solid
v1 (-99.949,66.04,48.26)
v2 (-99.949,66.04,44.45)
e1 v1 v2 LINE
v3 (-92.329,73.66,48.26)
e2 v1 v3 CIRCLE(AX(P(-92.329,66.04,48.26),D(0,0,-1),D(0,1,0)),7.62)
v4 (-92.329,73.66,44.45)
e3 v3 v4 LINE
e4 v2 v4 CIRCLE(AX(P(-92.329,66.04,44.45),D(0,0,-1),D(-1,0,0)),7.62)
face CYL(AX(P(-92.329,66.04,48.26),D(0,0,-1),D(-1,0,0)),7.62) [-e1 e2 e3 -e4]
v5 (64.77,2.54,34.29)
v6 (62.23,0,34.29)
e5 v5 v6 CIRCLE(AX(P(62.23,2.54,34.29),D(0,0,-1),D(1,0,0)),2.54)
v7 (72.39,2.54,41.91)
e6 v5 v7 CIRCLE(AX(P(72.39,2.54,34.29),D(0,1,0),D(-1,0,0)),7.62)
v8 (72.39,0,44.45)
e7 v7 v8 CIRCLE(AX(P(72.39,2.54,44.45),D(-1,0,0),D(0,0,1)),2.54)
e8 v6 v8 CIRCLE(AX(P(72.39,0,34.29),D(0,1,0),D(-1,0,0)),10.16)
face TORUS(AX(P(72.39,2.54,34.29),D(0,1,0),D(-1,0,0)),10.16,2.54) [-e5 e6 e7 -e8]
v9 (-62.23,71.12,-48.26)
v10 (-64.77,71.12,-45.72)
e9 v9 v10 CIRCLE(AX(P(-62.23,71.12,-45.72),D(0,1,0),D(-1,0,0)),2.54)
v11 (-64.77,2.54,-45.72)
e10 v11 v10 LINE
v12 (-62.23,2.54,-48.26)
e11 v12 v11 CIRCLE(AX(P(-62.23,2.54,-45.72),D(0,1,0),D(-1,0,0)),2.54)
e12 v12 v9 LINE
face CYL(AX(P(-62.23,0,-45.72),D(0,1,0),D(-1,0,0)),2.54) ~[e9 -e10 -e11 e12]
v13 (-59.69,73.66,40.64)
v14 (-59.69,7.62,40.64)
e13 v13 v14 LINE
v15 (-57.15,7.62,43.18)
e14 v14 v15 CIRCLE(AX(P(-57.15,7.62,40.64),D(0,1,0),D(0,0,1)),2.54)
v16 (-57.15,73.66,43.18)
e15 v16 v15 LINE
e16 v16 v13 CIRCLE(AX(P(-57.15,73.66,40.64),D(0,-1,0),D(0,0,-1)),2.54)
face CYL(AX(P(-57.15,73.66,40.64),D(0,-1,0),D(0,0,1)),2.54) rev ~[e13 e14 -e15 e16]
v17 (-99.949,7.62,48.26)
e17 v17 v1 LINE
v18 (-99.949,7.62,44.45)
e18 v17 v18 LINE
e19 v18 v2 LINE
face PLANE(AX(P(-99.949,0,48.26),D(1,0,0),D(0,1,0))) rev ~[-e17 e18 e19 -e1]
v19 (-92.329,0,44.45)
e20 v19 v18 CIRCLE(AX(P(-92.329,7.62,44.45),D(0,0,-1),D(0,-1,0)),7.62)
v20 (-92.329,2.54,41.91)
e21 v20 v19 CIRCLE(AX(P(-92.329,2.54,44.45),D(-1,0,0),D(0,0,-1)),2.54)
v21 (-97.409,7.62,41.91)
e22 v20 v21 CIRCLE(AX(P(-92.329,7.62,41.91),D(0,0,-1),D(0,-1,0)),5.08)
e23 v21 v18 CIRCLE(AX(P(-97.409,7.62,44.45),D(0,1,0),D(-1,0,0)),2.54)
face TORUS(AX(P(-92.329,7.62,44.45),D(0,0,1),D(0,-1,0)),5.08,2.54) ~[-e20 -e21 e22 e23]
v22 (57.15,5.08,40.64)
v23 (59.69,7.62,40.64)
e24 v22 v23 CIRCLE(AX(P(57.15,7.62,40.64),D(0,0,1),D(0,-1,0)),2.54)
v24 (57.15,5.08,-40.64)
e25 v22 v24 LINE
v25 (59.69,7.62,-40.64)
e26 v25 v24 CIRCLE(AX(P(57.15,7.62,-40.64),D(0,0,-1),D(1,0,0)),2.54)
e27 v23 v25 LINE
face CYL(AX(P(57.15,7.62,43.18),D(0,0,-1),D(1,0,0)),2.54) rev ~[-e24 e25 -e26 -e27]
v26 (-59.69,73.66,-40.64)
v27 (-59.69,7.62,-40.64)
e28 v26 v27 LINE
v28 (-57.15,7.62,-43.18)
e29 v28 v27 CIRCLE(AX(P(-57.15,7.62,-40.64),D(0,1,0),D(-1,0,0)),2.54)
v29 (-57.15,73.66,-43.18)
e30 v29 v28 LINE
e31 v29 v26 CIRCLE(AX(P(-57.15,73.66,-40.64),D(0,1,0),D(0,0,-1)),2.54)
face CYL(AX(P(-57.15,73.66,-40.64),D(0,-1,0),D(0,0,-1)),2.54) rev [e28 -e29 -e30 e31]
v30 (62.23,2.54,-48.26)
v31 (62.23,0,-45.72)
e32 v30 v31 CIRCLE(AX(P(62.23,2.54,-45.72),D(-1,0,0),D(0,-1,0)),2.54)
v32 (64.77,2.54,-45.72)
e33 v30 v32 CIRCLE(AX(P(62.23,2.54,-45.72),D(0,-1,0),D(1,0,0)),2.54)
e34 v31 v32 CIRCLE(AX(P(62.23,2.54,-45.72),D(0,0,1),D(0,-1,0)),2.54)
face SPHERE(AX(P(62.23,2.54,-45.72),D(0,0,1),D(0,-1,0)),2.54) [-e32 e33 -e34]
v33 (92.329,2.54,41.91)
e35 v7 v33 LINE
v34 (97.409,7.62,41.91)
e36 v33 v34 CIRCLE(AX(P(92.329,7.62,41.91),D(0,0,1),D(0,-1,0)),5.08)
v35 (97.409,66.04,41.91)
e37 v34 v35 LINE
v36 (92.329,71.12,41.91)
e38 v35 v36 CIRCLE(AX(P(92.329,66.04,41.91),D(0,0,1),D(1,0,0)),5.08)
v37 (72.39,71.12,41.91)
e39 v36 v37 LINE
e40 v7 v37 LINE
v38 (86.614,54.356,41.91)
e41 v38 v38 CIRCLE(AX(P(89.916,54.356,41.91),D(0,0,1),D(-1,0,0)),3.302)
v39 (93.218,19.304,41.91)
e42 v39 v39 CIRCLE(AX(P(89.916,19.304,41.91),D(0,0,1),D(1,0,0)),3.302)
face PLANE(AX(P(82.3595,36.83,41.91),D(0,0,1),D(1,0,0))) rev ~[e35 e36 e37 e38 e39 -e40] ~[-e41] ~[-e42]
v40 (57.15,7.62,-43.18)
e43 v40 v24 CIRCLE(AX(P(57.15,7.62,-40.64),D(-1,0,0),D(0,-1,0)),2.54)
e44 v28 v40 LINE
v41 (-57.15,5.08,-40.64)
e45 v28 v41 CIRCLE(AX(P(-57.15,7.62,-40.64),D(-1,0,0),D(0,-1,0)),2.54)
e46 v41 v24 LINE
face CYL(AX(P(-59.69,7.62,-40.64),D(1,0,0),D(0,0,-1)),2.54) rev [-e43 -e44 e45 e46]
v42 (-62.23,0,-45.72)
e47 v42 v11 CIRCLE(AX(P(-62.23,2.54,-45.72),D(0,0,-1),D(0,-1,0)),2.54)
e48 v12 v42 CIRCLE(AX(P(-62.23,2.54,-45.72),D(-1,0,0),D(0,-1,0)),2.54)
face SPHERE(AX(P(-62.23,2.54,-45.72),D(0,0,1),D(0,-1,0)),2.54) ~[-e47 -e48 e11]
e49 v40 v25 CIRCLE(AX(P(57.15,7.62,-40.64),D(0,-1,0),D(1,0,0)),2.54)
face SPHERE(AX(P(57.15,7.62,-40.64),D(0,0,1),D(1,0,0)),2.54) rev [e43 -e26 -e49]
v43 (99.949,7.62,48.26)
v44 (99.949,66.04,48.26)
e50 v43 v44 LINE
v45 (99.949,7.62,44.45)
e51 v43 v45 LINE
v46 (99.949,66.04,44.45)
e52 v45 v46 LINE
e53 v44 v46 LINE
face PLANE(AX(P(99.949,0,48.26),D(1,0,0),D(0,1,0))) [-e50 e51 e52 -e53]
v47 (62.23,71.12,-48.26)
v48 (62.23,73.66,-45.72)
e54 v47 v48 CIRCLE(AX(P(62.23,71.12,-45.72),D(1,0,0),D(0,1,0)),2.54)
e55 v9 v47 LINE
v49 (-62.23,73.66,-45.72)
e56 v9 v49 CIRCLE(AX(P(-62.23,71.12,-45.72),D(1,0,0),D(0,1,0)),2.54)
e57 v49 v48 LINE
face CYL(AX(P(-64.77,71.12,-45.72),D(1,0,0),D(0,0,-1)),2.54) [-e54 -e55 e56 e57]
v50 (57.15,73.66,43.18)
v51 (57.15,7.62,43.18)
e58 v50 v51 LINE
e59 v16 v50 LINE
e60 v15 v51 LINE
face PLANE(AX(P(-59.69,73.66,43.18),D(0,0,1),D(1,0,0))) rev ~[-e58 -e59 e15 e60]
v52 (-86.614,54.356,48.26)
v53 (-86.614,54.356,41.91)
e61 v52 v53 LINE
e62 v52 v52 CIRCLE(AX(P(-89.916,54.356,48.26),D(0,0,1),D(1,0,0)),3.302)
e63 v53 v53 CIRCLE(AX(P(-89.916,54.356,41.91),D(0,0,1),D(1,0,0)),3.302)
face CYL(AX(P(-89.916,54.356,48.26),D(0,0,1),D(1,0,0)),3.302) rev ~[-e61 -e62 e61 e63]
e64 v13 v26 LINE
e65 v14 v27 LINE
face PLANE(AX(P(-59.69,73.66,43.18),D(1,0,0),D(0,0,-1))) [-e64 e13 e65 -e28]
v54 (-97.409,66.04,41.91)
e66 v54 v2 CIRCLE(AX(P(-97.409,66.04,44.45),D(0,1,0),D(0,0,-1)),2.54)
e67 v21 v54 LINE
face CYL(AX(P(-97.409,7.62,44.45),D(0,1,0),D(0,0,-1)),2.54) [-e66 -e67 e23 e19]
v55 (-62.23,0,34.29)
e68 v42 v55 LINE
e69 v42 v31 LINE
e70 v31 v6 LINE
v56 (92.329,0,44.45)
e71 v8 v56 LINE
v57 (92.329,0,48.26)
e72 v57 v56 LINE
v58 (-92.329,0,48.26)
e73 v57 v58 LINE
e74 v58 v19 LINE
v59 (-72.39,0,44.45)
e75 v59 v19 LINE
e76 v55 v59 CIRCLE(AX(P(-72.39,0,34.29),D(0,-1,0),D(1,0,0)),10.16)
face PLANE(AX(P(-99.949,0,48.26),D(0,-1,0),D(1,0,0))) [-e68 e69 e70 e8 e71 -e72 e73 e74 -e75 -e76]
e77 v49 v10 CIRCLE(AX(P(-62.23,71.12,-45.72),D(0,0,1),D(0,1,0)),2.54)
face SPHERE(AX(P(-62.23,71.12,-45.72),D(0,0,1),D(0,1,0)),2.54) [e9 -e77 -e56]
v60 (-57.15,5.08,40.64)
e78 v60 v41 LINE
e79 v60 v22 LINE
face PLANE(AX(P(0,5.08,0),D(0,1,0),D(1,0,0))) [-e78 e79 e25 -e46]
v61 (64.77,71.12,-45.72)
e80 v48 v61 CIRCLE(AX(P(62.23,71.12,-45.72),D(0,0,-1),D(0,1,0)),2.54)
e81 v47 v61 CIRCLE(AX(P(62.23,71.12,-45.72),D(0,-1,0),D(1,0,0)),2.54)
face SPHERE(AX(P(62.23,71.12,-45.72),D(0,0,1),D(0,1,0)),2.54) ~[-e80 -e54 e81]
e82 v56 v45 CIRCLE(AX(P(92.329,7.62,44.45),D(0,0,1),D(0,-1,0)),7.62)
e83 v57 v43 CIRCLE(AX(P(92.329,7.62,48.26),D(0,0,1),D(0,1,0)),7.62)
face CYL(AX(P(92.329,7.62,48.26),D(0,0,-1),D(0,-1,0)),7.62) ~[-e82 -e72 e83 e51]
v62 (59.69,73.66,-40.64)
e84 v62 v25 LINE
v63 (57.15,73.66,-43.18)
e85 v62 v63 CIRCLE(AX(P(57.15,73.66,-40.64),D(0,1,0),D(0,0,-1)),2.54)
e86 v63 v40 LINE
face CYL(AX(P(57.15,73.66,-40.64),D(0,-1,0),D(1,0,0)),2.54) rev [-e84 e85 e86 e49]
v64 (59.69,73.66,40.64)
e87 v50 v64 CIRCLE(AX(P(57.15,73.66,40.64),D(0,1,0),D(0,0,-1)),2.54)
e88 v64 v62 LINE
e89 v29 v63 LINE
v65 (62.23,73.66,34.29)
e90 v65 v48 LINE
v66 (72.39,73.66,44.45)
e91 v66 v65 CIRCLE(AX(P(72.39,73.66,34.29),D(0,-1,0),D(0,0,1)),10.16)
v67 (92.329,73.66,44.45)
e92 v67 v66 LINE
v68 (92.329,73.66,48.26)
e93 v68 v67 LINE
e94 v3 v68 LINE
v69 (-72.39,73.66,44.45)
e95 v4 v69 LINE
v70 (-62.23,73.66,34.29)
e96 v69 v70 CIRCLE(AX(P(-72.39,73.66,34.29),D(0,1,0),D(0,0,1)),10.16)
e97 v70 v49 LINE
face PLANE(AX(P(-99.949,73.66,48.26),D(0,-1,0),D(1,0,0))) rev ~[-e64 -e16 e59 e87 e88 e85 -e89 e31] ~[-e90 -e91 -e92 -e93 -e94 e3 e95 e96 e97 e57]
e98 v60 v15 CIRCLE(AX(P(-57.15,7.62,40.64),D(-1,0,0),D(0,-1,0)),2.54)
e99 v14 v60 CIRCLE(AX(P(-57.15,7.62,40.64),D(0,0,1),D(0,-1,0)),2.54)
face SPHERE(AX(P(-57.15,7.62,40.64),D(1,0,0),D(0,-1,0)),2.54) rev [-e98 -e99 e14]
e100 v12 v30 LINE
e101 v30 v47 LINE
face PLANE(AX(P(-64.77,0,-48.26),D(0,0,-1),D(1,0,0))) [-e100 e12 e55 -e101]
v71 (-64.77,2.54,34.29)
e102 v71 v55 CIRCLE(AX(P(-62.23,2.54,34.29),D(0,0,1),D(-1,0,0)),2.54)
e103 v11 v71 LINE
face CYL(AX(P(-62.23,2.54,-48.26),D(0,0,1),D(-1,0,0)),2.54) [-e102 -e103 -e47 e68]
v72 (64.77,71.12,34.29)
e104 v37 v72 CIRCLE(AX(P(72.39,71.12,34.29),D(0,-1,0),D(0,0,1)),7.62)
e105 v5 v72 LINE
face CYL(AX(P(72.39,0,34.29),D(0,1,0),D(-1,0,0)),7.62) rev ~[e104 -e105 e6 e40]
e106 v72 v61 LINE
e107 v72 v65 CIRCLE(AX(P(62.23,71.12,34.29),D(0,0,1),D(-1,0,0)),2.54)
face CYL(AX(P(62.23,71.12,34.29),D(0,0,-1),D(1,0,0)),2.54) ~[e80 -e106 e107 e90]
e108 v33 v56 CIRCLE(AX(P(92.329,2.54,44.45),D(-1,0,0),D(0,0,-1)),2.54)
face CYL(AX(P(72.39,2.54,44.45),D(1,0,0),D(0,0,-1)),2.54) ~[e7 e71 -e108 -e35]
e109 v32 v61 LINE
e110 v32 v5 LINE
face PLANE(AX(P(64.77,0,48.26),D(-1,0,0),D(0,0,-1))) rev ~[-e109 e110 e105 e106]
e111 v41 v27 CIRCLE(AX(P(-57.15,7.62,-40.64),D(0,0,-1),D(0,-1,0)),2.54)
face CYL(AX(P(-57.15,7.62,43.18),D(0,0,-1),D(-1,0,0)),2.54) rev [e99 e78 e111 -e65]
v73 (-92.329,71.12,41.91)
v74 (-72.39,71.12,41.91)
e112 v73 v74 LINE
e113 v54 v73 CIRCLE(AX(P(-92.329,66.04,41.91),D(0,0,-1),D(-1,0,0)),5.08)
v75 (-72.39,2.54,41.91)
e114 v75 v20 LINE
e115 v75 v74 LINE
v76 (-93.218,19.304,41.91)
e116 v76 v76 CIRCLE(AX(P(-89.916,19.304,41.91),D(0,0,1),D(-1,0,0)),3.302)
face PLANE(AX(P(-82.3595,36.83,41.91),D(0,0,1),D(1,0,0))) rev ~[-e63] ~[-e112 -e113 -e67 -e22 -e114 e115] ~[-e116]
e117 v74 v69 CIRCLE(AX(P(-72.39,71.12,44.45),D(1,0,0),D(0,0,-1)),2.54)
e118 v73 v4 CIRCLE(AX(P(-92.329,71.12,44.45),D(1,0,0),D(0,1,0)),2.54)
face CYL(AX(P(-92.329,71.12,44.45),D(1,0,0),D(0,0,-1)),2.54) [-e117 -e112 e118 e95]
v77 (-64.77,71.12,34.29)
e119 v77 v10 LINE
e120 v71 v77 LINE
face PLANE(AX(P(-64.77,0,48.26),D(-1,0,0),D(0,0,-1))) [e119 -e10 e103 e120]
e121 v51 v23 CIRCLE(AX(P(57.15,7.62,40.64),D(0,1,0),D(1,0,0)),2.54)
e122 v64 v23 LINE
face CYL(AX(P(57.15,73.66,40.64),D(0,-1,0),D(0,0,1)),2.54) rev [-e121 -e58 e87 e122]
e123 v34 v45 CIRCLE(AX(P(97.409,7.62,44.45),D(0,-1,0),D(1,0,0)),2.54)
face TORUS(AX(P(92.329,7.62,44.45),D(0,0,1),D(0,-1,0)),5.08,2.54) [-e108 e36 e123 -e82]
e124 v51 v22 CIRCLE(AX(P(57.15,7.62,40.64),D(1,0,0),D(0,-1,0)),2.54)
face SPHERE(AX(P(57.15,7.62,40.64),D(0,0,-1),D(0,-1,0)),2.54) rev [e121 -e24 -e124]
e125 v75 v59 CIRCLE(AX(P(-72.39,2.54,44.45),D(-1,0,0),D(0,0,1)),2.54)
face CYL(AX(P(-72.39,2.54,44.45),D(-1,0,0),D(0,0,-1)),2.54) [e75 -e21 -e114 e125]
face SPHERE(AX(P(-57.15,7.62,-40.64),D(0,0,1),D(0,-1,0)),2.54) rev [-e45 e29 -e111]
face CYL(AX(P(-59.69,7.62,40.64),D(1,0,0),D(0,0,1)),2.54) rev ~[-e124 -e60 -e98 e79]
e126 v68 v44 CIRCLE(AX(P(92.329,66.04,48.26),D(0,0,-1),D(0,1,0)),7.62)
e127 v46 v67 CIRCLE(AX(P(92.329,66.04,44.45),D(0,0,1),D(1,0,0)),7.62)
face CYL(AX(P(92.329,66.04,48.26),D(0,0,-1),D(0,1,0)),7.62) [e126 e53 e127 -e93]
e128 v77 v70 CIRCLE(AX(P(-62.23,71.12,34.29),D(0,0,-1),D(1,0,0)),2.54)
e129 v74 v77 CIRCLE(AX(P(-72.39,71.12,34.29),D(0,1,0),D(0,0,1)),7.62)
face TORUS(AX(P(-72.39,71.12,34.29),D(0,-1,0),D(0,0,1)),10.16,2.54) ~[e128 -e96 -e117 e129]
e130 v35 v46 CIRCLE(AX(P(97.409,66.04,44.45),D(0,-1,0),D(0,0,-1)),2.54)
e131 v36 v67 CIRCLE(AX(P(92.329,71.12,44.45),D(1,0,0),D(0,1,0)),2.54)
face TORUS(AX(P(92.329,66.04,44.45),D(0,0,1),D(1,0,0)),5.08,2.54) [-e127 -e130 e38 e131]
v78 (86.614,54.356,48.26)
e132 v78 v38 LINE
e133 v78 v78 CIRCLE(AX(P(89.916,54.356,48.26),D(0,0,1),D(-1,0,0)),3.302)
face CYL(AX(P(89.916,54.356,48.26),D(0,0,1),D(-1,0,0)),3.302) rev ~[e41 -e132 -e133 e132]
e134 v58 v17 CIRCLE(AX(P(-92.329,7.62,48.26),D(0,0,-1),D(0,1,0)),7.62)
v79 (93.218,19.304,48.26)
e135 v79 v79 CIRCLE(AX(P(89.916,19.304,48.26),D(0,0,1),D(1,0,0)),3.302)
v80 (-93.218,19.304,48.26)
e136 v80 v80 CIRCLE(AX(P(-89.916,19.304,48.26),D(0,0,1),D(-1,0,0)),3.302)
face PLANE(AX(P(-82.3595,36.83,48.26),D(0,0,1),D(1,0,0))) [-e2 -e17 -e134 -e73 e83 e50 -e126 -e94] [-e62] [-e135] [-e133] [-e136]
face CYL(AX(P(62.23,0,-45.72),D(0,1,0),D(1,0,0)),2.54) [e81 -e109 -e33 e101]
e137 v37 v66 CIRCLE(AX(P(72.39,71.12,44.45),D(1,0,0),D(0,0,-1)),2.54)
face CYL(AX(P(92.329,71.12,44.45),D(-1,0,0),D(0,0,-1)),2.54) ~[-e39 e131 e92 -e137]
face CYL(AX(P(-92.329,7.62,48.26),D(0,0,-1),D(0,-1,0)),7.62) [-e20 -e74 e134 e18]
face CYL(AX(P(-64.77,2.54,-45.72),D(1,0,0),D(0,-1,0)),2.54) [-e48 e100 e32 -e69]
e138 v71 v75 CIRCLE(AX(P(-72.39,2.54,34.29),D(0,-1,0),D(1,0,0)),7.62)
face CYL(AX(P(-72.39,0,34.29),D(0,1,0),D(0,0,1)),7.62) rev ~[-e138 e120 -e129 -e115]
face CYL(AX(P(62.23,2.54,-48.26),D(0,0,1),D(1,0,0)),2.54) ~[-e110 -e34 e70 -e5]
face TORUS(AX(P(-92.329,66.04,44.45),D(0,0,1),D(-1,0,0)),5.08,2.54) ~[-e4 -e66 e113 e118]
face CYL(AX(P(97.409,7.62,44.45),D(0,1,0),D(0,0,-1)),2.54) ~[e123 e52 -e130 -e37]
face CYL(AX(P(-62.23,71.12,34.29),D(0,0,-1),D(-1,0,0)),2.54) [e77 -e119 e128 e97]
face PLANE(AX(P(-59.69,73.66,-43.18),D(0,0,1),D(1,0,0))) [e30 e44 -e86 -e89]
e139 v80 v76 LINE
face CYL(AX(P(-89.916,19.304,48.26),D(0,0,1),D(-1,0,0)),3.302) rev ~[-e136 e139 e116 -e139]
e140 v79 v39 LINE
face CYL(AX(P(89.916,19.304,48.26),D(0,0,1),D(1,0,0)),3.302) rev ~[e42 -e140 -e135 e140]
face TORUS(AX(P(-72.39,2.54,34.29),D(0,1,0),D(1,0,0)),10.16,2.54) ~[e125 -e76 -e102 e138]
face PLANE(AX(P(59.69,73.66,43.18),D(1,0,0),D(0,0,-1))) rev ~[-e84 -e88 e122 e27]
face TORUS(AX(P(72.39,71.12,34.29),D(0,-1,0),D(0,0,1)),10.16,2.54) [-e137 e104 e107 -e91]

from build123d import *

# Parameters (mm, degrees)
SKETCH1_W           = 129.54
SKETCH1_H           = 96.52
BOSS_EXTRUDE1_DEPTH = 73.66
SKETCH2_W           = 119.38
SKETCH2_H           = 86.36
CUT_EXTRUDE1_DEPTH  = 68.58
FILLET1_R           = 2.54
SKETCH3_W           = 35.179
SKETCH3_H           = 73.66
SKETCH3_R           = 3.302
BOSS_EXTRUDE2_DEPTH = 6.35
FILLET2_R           = 7.62
FILLET3_R           = 7.62
FILLET4_R           = 7.62
FILLET5_R           = 2.54


with BuildPart() as part:
    # Sketch1 → Boss-Extrude1 (new body)
    with BuildSketch(Plane(origin=(0, 0, 0), x_dir=(1, 0, 0), z_dir=(0, 1, 0))):
        Rectangle(SKETCH1_W, SKETCH1_H)
    extrude(amount=BOSS_EXTRUDE1_DEPTH)

    # Sketch2 → Cut-Extrude1 (cut)
    with BuildSketch(Plane(origin=(0, 73.66, 0), x_dir=(1, 0, 0), z_dir=(0, 1, 0))):
        Rectangle(SKETCH2_W, SKETCH2_H)
    extrude(amount=-CUT_EXTRUDE1_DEPTH, mode=Mode.SUBTRACT)

    # Fillet1
    fillet1_edges = [part.edges().sort_by_distance(p)[0] for p in [
        (59.69, 5.08, 0),
        (59.69, 39.37, -43.18),
        (0, 5.08, 43.18),
        (59.69, 39.37, 43.18),
        (-59.69, 5.08, 0),
        (-59.69, 39.37, 43.18),
        (0, 5.08, -43.18),
        (-59.69, 39.37, -43.18),
    ]]
    fillet(fillet1_edges, radius=FILLET1_R)

    # Sketch3 → Boss-Extrude2 (add)
    # profile 1 of 2: a face of its own
    with BuildSketch(Plane.XY.offset(48.26)):
        with Locations((-82.3595, 36.83)):
            Rectangle(SKETCH3_W, SKETCH3_H)
        with Locations((-89.916, 54.356)):
            Circle(SKETCH3_R, mode=Mode.SUBTRACT)
        with Locations(Location((-89.916, 19.304, 0), (0, 0, 180))):
            Circle(SKETCH3_R, mode=Mode.SUBTRACT)
    # profile 2 of 2: a face of its own
    with BuildSketch(Plane.XY.offset(48.26)):
        with Locations((82.3595, 36.83)):
            Rectangle(SKETCH3_W, SKETCH3_H)
        with Locations((89.916, 19.304)):
            Circle(SKETCH3_R, mode=Mode.SUBTRACT)
        with Locations(Location((89.916, 54.356, 0), (0, 0, 180))):
            Circle(SKETCH3_R, mode=Mode.SUBTRACT)
    extrude(amount=-BOSS_EXTRUDE2_DEPTH)

    # Fillet2
    fillet2_edges = [part.edges().sort_by_distance(p)[0] for p in [
        (-64.77, 36.83, 41.91),
        (64.77, 36.83, 41.91),
    ]]
    fillet(fillet2_edges, radius=FILLET2_R)

    # Fillet3
    fillet3_edges = [part.edges().sort_by_distance(p)[0] for p in [
        (-99.949, 73.66, 45.085),
        (-99.949, 0, 45.085),
    ]]
    fillet(fillet3_edges, radius=FILLET3_R)

    # Fillet4
    fillet4_edges = [part.edges().sort_by_distance(p)[0] for p in [
        (99.949, 73.66, 45.085),
        (99.949, 0, 45.085),
    ]]
    fillet(fillet4_edges, radius=FILLET4_R)

    # Fillet5
    fillet5_edges = [part.edges().sort_by_distance(p)[0] for p in [
        (-64.77, 73.66, -6.985),
        (-99.949, 36.83, 41.91),
        (-82.3595, 0, 41.91),
        (-97.717153673, 2.231846327, 41.91),
        (-97.717153673, 71.428153673, 41.91),
        (99.949, 36.83, 41.91),
        (82.3595, 73.66, 41.91),
        (97.717153673, 2.231846327, 41.91),
        (97.717153673, 71.428153673, 41.91),
        (-64.77, 0, -6.985),
        (0, 0, -48.26),
        (0, 73.66, -48.26),
        (-64.77, 36.83, -48.26),
        (64.77, 36.83, -48.26),
        (64.77, 73.66, -6.985),
        (64.77, 0, -6.985),
        (82.3595, 0, 41.91),
        (-82.3595, 73.66, 41.91),
        (67.001846327, 0, 39.678153673),
        (67.001846327, 73.66, 39.678153673),
        (-67.001846327, 73.66, 39.678153673),
        (-67.001846327, 0, 39.678153673),
    ]]
    fillet(fillet5_edges, radius=FILLET5_R)


solid = part.part
